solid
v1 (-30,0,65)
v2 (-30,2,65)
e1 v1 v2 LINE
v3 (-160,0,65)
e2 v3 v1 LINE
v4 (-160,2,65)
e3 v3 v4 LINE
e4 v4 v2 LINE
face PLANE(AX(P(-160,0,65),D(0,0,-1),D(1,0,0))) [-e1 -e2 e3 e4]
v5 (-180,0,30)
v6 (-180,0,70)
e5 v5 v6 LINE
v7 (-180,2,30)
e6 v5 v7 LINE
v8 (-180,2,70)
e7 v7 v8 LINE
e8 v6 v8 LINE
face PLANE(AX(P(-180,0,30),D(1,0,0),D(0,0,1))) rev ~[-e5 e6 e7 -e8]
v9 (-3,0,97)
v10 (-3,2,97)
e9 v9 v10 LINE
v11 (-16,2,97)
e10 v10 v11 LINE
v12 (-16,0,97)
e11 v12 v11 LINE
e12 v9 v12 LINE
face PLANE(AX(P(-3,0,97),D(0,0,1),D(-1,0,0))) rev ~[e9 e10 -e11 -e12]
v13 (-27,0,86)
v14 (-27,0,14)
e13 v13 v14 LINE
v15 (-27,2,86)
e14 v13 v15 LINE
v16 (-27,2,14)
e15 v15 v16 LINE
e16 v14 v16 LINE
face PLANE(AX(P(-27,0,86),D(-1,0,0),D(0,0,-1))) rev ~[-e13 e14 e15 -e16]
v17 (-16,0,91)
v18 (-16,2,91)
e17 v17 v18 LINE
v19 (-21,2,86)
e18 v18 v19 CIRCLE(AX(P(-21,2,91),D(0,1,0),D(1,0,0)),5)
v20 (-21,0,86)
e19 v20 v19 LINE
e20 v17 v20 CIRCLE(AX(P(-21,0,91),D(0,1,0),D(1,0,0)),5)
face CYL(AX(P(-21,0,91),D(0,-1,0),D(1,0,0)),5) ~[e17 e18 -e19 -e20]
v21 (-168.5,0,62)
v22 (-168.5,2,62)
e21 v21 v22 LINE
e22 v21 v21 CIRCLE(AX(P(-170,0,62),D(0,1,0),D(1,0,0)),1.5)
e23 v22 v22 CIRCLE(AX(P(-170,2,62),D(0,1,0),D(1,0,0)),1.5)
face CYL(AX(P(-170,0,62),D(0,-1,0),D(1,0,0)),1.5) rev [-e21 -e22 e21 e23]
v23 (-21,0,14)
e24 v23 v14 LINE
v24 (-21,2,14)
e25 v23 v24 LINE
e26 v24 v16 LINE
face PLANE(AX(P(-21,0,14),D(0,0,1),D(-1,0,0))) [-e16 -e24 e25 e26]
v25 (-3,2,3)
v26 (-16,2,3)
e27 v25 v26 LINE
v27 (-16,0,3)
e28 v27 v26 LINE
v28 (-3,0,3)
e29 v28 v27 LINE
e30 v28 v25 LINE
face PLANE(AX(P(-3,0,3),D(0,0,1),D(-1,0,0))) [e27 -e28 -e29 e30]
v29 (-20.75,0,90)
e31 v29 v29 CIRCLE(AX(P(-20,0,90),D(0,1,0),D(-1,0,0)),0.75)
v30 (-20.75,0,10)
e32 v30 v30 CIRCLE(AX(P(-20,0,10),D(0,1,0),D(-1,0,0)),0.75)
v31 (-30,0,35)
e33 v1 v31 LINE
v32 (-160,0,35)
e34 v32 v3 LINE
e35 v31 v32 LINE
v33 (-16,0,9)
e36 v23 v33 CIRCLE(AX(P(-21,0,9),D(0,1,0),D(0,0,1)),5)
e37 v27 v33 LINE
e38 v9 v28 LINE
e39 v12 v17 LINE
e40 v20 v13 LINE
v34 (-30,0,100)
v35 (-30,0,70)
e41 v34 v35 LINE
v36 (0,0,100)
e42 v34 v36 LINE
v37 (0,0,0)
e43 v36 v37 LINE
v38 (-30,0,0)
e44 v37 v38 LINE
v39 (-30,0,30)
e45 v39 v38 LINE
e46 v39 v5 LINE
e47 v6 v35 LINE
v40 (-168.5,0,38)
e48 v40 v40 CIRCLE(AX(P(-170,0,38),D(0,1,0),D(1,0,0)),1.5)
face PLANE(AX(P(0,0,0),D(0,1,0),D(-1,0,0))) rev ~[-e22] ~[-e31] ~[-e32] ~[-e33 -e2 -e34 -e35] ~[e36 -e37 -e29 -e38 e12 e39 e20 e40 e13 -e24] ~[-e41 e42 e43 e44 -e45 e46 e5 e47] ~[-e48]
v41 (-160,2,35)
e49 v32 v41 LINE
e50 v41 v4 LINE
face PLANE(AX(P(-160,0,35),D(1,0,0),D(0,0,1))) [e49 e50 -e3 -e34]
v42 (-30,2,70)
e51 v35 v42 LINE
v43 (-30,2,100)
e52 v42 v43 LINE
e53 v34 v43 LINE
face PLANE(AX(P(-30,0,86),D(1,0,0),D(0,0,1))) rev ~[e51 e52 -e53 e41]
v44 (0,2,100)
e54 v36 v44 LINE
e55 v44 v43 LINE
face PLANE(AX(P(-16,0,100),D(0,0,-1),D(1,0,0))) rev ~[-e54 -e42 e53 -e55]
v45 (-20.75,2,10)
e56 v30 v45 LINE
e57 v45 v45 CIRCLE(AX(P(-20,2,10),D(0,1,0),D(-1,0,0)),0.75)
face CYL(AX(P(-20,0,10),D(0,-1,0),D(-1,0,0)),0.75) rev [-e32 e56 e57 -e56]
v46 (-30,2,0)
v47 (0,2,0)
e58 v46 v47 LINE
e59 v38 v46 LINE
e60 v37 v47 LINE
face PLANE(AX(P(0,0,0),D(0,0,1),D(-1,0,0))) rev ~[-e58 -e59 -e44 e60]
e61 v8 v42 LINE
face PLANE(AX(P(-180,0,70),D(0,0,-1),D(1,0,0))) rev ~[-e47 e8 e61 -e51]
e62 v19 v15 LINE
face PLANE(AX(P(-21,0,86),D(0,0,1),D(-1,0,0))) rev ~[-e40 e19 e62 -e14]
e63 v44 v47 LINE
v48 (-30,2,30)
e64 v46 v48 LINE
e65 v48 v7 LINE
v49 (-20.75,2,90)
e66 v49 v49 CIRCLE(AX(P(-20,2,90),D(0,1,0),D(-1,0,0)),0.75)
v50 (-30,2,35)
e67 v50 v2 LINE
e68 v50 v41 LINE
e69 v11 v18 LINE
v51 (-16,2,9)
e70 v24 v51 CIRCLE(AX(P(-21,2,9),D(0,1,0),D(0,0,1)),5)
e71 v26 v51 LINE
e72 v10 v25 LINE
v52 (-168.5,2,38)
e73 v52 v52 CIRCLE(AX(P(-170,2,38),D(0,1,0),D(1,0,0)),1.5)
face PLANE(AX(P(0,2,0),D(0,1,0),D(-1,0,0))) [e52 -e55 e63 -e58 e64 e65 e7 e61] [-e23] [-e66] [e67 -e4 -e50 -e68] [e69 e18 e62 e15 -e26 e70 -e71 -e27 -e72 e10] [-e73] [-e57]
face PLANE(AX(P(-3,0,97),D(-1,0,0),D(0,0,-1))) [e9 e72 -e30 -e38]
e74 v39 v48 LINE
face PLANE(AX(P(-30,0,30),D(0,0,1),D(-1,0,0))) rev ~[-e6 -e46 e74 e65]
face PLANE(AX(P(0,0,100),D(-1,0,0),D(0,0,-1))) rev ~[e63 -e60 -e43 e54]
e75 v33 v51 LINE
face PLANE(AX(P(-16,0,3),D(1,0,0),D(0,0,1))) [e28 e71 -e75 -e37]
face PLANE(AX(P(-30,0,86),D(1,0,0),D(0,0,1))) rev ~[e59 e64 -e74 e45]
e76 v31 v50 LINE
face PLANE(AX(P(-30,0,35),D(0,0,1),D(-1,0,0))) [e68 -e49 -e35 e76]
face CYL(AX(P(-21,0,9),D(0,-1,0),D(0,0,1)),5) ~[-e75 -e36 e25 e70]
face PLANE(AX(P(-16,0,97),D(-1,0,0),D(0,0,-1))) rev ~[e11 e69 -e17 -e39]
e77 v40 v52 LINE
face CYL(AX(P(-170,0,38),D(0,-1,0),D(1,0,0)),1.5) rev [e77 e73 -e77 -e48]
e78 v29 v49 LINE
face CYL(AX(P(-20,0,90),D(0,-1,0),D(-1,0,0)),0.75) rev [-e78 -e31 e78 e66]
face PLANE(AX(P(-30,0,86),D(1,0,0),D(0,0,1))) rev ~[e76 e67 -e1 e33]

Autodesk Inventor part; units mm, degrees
ref_plane "YZ Plane" through (0, 0, 0) normal (1, 0, 0) x (0, 1, 0)
ref_plane "XZ Plane" through (0, 0, 0) normal (0, 1, 0) x (-1, 0, 0)
ref_plane "XY Plane" through (0, 0, 0) normal (0, 0, 1) x (1, 0, 0)
sketch "Sketch1" plane through (0, 0, 0) normal (0, 1, 0) x (-1, 0, 0)
  line L0 (0, 0) -> (30, 0)
  line L1 (30, 0) -> (30, 100)
  line L2 (30, 100) -> (0, 100)
  line L3 (0, 100) -> (0, 0)
  circle A0 centre (20, 90) radius 0.75
  circle A1 centre (20, 10) radius 0.75
  line L4 (3, 97) -> (3, 3)
  line L5 (30, 100) -> (16, 100)
  line L6 (16, 100) -> (16, 91)
  line L7 (21, 86) -> (30, 86)
  line L8 (30, 86) -> (30, 100)
  line L9 (30, 0) -> (16, 0)
  line L10 (16, 0) -> (16, 9)
  line L11 (21, 14) -> (30, 14)
  line L12 (30, 14) -> (30, 0)
  line L13 (27, 86) -> (27, 14)
  line L14 (3, 97) -> (16, 97)
  line L15 (3, 3) -> (16, 3)
  arc A2 (16, 91) -> (21, 86) centre (21, 91) ccw
  arc A3 (21, 14) -> (16, 9) centre (21, 9) ccw
  point P0 (16, 86)
  point P1 (16, 14)
  dimension "d0" = 30
  dimension "d1" = 100
  dimension "d4" = 94
  dimension "d5" = 14
  dimension "d6" = 14
  dimension "d7" = 14
  dimension "d10" = 5
extrude "Extrusion1" add sketch "Sketch1" along normal blind 2 contours L3 L2 L6 L14 L4 L15 L10 L0 | L10 A3 L11 L1 L0 | L2 L1 L7 A2 L6 | L11 L13 L7 L1
sketch "Sketch2" plane through (0, 2, 0) normal (0, 1, 0) x (1, 0, 0)
  line L0 (-30, 0) -> (-30, -100) projected
  line L1 (-30, -30) -> (-180, -30)
  line L2 (-180, -30) -> (-180, -70)
  line L3 (-180, -70) -> (-30, -70)
  line L4 (-30, -35) -> (-160, -35)
  line L5 (-160, -35) -> (-160, -65)
  line L6 (-160, -65) -> (-30, -65)
  circle A0 centre (-170, -38) radius 1.5
  circle A1 centre (-170, -62) radius 1.5
  point P0 (0, 0)
  point P1 (-180, -38)
  point P2 (-180, -62)
  point P3 (-180, -62)
  dimension "d11" = 130
  dimension "d12" = 30
  dimension "d13" = 3
  dimension "d14" = 3
extrude "Extrusion2" add sketch "Sketch2" along normal blind 2 from surface at -2 contours L0 L4 L5 L6 L3 L2 L1
sketch "Sketch5" plane through (0, 2, 0) normal (0, 1, 0) x (1, 0, 0)
  point P0 (0, 0)
properties part number "druga czesc"
